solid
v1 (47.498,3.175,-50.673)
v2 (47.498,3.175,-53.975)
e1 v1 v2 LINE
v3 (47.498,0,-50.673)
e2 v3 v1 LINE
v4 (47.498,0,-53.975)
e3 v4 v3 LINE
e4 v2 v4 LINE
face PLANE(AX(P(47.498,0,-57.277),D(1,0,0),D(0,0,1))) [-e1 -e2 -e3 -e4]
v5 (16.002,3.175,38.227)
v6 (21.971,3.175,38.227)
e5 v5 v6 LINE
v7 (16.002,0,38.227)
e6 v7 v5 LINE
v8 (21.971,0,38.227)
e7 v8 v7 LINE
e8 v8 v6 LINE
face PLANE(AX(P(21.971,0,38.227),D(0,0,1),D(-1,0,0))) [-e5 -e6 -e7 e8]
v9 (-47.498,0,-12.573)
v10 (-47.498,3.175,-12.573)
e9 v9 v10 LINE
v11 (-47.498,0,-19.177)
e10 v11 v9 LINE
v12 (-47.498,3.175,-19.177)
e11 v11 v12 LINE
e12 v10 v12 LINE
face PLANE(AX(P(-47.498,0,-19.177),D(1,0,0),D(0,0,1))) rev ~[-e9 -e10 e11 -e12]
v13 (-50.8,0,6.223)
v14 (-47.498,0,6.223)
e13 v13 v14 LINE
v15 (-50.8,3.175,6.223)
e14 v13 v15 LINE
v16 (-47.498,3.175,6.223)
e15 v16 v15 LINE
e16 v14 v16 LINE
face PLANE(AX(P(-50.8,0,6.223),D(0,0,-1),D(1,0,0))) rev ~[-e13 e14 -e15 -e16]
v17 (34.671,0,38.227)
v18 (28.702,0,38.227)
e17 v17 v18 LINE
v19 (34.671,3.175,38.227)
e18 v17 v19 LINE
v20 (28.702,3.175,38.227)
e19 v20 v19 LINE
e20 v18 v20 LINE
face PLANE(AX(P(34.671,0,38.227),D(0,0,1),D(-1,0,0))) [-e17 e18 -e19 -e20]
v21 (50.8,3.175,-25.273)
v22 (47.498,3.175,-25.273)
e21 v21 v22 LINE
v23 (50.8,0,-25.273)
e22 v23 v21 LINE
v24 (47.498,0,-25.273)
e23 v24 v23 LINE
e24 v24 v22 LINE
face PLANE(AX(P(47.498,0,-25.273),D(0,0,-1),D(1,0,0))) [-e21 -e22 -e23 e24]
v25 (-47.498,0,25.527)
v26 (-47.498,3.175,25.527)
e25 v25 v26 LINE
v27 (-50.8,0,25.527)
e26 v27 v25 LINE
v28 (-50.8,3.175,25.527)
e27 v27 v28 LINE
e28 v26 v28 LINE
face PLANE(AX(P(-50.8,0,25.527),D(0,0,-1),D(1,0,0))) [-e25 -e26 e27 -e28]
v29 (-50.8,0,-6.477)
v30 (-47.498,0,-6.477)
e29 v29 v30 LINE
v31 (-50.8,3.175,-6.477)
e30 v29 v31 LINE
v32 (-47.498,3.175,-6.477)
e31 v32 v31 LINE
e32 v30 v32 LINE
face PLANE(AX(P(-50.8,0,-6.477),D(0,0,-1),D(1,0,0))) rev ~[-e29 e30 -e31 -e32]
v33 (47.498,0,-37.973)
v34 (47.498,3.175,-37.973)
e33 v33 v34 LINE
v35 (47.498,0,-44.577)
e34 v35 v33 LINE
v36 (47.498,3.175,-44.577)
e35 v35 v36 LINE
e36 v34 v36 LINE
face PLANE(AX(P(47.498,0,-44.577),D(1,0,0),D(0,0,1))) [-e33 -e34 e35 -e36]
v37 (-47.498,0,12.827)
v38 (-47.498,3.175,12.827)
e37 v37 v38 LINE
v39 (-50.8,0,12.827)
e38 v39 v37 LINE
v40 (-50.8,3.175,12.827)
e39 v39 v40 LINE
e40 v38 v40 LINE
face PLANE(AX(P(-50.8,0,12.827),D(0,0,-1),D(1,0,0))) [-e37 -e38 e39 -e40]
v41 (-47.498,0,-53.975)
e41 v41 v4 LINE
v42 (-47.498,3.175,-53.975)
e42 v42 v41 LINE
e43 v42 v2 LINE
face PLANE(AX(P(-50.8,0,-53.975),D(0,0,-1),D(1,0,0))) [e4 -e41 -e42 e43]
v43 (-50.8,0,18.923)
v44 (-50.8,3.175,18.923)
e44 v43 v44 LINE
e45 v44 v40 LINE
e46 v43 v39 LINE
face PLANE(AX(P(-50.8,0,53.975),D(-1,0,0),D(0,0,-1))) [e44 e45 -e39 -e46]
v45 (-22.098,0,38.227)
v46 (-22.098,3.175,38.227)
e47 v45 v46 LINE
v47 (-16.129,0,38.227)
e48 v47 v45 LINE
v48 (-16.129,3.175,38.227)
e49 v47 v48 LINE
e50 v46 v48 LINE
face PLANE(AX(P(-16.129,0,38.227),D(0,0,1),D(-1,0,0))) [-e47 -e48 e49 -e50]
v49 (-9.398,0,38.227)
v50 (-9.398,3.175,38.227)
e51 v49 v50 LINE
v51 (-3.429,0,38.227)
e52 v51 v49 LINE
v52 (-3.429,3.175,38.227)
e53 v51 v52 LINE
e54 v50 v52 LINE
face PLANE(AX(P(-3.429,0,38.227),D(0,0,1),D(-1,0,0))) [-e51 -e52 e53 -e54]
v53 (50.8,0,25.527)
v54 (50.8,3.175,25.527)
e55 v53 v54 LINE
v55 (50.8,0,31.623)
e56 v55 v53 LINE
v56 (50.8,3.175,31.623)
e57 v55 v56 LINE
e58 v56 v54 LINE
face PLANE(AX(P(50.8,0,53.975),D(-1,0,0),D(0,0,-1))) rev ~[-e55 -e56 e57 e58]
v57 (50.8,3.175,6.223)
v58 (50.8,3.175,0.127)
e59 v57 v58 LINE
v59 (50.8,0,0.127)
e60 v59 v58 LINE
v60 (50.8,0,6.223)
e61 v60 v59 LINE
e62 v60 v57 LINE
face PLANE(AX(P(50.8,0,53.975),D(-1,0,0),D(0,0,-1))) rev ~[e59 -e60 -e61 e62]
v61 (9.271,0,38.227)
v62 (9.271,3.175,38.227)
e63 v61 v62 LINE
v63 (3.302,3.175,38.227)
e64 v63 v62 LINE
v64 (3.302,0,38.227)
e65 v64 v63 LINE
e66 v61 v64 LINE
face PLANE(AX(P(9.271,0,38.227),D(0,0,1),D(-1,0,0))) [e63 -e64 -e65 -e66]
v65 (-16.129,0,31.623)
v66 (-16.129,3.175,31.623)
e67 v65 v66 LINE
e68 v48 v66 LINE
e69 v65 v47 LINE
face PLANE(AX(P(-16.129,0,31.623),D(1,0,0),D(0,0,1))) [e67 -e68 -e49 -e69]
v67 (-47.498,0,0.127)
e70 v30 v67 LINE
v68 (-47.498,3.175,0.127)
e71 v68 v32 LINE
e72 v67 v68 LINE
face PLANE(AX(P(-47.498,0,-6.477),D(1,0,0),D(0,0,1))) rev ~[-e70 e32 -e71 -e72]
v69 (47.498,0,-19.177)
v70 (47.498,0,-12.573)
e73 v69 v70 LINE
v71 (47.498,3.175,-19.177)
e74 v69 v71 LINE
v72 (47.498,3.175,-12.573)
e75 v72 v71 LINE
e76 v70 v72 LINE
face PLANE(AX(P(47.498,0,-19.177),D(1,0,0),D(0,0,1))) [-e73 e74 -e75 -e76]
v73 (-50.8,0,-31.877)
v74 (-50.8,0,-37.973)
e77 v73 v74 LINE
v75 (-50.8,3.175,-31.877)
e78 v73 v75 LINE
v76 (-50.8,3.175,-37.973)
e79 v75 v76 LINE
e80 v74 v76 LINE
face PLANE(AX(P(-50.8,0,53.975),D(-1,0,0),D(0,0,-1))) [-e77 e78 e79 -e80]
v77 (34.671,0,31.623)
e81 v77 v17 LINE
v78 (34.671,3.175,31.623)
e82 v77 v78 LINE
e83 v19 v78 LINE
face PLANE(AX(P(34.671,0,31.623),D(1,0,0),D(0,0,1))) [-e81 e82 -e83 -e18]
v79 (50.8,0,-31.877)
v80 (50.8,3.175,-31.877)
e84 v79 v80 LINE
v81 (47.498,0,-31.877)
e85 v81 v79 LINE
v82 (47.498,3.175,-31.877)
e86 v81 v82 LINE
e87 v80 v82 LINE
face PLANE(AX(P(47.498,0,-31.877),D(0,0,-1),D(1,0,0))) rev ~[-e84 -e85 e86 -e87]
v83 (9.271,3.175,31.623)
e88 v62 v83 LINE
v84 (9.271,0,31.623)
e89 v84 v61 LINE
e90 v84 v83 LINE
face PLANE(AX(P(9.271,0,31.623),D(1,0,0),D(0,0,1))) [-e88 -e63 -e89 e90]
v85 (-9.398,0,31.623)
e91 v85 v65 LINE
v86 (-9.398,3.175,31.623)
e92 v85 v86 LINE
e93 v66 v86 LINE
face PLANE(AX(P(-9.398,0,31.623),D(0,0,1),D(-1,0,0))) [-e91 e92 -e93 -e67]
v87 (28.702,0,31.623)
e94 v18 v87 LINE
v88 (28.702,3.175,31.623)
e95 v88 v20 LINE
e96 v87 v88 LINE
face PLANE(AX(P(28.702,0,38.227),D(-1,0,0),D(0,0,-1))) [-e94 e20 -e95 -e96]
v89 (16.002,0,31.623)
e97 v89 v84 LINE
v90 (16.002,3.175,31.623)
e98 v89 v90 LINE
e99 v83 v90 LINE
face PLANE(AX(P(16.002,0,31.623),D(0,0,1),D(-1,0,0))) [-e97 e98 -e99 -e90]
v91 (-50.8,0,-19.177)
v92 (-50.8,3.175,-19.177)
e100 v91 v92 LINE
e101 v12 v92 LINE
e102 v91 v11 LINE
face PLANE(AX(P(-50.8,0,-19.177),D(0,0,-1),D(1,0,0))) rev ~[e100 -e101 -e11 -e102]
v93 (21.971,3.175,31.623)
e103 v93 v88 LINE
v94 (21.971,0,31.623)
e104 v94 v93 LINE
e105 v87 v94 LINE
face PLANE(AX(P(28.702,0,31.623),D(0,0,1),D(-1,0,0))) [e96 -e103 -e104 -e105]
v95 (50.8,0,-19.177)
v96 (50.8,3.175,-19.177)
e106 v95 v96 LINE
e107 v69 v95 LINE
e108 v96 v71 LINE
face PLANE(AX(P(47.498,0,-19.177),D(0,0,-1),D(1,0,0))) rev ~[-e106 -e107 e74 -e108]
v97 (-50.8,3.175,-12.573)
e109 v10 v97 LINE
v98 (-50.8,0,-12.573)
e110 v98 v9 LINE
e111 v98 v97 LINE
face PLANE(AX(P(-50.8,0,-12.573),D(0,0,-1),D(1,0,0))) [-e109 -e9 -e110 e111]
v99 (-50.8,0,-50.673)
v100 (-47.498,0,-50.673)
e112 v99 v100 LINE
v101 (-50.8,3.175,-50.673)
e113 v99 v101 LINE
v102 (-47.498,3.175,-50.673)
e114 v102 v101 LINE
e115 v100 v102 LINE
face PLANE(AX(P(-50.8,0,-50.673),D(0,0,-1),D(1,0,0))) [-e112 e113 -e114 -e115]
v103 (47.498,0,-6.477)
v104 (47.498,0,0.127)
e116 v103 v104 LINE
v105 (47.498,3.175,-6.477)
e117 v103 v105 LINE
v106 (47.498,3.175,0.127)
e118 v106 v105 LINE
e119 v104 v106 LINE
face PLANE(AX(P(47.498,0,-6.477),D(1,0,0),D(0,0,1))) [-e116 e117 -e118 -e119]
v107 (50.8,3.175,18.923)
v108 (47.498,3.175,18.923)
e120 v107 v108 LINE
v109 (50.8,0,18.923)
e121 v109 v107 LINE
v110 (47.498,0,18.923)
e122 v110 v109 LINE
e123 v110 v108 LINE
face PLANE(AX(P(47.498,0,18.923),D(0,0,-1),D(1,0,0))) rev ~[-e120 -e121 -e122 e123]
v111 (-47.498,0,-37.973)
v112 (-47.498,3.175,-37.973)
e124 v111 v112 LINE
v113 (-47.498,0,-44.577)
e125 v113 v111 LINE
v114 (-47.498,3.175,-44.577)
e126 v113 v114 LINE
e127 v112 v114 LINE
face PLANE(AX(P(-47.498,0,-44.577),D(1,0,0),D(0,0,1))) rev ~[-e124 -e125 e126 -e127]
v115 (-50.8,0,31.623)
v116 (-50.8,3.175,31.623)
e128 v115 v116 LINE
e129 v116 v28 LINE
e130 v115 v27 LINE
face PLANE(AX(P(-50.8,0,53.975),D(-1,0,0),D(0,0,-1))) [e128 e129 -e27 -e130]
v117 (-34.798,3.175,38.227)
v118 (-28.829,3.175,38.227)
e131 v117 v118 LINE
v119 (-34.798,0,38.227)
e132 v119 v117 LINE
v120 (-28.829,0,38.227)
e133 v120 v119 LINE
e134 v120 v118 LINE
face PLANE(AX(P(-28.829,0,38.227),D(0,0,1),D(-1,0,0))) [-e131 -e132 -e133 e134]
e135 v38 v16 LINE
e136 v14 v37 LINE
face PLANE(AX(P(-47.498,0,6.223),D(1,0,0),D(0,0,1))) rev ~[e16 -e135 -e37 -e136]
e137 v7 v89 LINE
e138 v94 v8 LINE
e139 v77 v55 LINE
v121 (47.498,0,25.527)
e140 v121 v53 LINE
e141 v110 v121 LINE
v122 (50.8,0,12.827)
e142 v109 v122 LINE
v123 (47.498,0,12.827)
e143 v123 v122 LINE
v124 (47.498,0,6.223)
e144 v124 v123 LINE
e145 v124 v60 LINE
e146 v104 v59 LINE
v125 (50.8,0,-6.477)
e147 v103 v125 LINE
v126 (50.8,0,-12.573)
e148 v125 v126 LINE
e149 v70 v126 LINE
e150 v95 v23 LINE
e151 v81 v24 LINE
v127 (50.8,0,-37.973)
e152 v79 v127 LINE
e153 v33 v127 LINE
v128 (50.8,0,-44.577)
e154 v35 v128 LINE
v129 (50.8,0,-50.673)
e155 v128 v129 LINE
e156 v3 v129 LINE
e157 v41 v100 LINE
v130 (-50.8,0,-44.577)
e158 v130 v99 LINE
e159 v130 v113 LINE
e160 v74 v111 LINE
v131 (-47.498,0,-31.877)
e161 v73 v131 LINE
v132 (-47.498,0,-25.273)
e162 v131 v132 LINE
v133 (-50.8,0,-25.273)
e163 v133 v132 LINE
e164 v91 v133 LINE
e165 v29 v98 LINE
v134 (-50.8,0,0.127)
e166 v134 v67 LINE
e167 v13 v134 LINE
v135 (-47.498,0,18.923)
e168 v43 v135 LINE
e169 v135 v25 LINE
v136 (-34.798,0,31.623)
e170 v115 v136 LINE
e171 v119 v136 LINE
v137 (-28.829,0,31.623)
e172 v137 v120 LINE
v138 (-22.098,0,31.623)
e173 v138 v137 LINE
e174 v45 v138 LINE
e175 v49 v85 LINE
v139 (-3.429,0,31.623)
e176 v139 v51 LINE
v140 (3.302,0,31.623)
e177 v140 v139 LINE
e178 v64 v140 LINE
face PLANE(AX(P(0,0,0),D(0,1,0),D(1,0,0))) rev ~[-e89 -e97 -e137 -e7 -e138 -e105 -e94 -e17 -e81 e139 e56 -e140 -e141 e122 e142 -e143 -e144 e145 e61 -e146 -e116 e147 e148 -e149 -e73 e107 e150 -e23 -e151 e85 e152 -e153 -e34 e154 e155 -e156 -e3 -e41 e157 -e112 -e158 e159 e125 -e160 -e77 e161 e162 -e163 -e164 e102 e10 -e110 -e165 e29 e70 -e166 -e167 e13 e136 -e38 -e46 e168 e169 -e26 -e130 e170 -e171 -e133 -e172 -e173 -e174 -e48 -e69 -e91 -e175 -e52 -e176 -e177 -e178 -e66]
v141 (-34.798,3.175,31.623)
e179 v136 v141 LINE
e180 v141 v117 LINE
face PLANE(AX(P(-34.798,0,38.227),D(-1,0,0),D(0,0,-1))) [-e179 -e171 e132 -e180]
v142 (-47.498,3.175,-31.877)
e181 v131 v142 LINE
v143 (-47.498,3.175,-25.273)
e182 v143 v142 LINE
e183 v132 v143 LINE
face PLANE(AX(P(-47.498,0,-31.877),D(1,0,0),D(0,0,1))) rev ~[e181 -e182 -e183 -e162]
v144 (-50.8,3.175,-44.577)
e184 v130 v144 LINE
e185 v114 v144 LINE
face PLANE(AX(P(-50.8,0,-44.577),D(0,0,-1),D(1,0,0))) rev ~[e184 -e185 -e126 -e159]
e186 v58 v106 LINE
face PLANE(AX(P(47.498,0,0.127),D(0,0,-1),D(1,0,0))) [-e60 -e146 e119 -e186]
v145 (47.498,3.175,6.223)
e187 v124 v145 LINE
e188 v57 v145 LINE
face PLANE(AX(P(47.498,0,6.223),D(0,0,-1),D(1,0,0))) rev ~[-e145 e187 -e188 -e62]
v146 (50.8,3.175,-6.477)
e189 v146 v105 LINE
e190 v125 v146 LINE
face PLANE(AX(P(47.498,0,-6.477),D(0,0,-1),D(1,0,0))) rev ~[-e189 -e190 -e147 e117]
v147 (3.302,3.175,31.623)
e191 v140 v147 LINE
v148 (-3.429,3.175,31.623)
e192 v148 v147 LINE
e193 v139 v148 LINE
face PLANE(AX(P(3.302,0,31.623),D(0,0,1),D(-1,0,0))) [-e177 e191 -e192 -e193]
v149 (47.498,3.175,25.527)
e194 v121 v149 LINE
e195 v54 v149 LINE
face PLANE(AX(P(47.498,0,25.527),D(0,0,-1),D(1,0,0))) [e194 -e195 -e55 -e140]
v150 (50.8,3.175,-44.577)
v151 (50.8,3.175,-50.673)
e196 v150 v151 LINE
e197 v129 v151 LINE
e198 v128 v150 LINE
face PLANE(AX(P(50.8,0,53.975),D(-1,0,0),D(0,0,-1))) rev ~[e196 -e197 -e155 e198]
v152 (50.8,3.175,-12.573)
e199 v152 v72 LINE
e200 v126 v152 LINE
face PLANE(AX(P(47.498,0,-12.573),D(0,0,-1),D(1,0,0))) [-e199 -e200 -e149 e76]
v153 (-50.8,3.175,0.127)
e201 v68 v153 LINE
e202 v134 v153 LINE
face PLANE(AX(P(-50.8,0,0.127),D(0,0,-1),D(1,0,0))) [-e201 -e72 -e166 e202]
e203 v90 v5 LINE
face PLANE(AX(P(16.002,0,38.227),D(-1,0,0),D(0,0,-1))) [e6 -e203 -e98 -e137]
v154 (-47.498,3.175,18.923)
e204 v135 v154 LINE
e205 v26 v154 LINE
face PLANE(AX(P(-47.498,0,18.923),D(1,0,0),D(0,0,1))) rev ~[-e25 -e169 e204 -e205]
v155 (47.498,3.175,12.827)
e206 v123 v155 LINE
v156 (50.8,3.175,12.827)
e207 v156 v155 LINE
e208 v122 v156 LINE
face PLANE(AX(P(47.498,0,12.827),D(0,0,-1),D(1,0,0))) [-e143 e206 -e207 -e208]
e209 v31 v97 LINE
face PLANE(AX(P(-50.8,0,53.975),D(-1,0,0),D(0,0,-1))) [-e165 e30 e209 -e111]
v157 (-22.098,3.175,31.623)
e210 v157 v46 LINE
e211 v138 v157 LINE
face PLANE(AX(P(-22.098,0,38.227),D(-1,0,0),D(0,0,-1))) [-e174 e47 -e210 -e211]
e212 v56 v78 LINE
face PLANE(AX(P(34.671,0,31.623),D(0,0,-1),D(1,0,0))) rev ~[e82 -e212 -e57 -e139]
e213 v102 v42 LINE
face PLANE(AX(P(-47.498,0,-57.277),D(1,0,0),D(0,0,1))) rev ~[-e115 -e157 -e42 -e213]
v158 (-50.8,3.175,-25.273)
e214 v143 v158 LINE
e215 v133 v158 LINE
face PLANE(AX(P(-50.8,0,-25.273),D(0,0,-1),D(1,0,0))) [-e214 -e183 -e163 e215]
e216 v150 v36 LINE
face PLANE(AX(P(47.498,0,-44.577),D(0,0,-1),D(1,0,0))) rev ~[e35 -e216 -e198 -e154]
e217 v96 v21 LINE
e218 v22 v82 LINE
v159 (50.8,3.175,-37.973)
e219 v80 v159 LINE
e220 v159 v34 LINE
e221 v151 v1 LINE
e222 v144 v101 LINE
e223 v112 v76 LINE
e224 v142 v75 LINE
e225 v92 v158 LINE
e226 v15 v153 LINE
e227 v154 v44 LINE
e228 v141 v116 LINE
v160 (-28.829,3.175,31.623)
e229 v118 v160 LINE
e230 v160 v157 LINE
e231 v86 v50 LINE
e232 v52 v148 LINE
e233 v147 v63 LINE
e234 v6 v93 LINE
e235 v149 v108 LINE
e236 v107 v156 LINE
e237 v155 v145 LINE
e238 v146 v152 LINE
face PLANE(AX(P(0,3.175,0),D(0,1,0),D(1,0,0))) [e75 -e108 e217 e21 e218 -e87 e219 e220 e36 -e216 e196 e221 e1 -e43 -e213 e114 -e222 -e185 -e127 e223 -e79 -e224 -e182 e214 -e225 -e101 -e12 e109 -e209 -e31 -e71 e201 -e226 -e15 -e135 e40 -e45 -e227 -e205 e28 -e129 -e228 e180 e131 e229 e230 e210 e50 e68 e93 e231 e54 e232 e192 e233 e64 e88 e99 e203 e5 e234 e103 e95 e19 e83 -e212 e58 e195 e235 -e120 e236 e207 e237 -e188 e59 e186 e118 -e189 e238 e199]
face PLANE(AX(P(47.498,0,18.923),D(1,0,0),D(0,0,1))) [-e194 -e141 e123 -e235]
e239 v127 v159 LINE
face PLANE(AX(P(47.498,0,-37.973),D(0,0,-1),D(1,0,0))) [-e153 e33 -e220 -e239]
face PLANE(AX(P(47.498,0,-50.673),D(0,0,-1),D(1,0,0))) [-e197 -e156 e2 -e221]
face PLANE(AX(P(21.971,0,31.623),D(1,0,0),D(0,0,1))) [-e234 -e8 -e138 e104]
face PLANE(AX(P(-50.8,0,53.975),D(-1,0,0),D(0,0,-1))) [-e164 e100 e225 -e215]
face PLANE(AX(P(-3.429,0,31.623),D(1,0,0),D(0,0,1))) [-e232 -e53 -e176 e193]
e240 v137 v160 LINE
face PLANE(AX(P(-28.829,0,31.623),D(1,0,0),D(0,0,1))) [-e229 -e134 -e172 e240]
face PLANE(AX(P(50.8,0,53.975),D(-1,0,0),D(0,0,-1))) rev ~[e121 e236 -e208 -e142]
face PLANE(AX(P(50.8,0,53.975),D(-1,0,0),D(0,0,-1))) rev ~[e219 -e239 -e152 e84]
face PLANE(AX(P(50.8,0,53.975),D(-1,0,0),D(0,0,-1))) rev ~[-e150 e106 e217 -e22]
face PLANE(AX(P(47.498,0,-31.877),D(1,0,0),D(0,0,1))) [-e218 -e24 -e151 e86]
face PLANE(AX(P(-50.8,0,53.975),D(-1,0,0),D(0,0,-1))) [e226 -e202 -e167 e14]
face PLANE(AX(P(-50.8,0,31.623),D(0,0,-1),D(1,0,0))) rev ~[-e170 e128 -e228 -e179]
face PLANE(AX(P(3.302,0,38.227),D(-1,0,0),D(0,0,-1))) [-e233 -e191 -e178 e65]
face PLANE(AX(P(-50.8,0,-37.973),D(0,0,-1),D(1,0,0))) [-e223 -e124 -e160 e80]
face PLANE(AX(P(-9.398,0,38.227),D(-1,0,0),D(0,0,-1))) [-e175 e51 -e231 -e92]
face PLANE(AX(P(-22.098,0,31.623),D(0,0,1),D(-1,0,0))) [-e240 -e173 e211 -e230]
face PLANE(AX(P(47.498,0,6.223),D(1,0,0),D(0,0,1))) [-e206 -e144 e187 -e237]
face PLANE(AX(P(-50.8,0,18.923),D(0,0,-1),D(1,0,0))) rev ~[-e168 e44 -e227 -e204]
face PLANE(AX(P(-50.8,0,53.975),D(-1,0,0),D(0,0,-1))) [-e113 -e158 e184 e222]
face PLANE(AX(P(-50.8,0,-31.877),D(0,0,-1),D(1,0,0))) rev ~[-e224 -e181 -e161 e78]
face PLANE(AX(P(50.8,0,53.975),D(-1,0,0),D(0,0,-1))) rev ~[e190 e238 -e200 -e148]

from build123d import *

# Parameters (mm, degrees)
SKETCH1_W           = 101.6
SKETCH1_H           = 107.95
BOSS_EXTRUDE1_DEPTH = 3.175
SKETCH2_W           = 3.302
SKETCH2_H           = 6.604
CUT_EXTRUDE1_DEPTH  = 75.189091179


with BuildPart() as part:
    # Sketch1 → Boss-Extrude1 (new body)
    with BuildSketch(Plane(origin=(0, 0, 0), x_dir=(1, 0, 0), z_dir=(0, 1, 0))):
        Rectangle(SKETCH1_W, SKETCH1_H)
    extrude(amount=BOSS_EXTRUDE1_DEPTH)

    # Sketch2 → Cut-Extrude1 (cut, through all)
    with BuildSketch(Plane.XZ):
        Polygon((-34.798, 31.623), (-47.498, 31.623), (-50.8, 31.623), (-50.8, 38.227), (-50.8, 53.975), (50.8, 53.975), (50.8, 38.227), (50.8, 31.623), (47.498, 31.623), (34.671, 31.623), (34.671, 38.227), (28.702, 38.227), (28.702, 31.623), (21.971, 31.623), (21.971, 38.227), (16.002, 38.227), (16.002, 31.623), (9.271, 31.623), (9.271, 38.227), (3.302, 38.227), (3.302, 31.623), (-3.429, 31.623), (-3.429, 38.227), (-9.398, 38.227), (-9.398, 31.623), (-16.129, 31.623), (-16.129, 38.227), (-22.098, 38.227), (-22.098, 31.623), (-28.829, 31.623), (-28.829, 38.227), (-34.798, 38.227), align=None)
        with Locations((49.149, 22.225)):
            Rectangle(SKETCH2_W, SKETCH2_H)
        with Locations((49.149, 9.525)):
            Rectangle(SKETCH2_W, SKETCH2_H)
        with Locations((49.149, -3.175)):
            Rectangle(SKETCH2_W, SKETCH2_H)
        with Locations((49.149, -15.875)):
            Rectangle(SKETCH2_W, SKETCH2_H)
        with Locations((49.149, -28.575)):
            Rectangle(SKETCH2_W, SKETCH2_H)
        with Locations((49.149, -41.275)):
            Rectangle(SKETCH2_W, SKETCH2_H)
        with Locations((49.149, -53.975)):
            Rectangle(SKETCH2_W, SKETCH2_H)
        with Locations((-49.149, -53.975)):
            Rectangle(SKETCH2_W, SKETCH2_H)
        with Locations((-49.149, -41.275)):
            Rectangle(SKETCH2_W, SKETCH2_H)
        with Locations((-49.149, -28.575)):
            Rectangle(SKETCH2_W, SKETCH2_H)
        with Locations((-49.149, -15.875)):
            Rectangle(SKETCH2_W, SKETCH2_H)
        with Locations((-49.149, -3.175)):
            Rectangle(SKETCH2_W, SKETCH2_H)
        with Locations((-49.149, 9.525)):
            Rectangle(SKETCH2_W, SKETCH2_H)
        with Locations((-49.149, 22.225)):
            Rectangle(SKETCH2_W, SKETCH2_H)
    extrude(amount=-CUT_EXTRUDE1_DEPTH, mode=Mode.SUBTRACT)


solid = part.part
